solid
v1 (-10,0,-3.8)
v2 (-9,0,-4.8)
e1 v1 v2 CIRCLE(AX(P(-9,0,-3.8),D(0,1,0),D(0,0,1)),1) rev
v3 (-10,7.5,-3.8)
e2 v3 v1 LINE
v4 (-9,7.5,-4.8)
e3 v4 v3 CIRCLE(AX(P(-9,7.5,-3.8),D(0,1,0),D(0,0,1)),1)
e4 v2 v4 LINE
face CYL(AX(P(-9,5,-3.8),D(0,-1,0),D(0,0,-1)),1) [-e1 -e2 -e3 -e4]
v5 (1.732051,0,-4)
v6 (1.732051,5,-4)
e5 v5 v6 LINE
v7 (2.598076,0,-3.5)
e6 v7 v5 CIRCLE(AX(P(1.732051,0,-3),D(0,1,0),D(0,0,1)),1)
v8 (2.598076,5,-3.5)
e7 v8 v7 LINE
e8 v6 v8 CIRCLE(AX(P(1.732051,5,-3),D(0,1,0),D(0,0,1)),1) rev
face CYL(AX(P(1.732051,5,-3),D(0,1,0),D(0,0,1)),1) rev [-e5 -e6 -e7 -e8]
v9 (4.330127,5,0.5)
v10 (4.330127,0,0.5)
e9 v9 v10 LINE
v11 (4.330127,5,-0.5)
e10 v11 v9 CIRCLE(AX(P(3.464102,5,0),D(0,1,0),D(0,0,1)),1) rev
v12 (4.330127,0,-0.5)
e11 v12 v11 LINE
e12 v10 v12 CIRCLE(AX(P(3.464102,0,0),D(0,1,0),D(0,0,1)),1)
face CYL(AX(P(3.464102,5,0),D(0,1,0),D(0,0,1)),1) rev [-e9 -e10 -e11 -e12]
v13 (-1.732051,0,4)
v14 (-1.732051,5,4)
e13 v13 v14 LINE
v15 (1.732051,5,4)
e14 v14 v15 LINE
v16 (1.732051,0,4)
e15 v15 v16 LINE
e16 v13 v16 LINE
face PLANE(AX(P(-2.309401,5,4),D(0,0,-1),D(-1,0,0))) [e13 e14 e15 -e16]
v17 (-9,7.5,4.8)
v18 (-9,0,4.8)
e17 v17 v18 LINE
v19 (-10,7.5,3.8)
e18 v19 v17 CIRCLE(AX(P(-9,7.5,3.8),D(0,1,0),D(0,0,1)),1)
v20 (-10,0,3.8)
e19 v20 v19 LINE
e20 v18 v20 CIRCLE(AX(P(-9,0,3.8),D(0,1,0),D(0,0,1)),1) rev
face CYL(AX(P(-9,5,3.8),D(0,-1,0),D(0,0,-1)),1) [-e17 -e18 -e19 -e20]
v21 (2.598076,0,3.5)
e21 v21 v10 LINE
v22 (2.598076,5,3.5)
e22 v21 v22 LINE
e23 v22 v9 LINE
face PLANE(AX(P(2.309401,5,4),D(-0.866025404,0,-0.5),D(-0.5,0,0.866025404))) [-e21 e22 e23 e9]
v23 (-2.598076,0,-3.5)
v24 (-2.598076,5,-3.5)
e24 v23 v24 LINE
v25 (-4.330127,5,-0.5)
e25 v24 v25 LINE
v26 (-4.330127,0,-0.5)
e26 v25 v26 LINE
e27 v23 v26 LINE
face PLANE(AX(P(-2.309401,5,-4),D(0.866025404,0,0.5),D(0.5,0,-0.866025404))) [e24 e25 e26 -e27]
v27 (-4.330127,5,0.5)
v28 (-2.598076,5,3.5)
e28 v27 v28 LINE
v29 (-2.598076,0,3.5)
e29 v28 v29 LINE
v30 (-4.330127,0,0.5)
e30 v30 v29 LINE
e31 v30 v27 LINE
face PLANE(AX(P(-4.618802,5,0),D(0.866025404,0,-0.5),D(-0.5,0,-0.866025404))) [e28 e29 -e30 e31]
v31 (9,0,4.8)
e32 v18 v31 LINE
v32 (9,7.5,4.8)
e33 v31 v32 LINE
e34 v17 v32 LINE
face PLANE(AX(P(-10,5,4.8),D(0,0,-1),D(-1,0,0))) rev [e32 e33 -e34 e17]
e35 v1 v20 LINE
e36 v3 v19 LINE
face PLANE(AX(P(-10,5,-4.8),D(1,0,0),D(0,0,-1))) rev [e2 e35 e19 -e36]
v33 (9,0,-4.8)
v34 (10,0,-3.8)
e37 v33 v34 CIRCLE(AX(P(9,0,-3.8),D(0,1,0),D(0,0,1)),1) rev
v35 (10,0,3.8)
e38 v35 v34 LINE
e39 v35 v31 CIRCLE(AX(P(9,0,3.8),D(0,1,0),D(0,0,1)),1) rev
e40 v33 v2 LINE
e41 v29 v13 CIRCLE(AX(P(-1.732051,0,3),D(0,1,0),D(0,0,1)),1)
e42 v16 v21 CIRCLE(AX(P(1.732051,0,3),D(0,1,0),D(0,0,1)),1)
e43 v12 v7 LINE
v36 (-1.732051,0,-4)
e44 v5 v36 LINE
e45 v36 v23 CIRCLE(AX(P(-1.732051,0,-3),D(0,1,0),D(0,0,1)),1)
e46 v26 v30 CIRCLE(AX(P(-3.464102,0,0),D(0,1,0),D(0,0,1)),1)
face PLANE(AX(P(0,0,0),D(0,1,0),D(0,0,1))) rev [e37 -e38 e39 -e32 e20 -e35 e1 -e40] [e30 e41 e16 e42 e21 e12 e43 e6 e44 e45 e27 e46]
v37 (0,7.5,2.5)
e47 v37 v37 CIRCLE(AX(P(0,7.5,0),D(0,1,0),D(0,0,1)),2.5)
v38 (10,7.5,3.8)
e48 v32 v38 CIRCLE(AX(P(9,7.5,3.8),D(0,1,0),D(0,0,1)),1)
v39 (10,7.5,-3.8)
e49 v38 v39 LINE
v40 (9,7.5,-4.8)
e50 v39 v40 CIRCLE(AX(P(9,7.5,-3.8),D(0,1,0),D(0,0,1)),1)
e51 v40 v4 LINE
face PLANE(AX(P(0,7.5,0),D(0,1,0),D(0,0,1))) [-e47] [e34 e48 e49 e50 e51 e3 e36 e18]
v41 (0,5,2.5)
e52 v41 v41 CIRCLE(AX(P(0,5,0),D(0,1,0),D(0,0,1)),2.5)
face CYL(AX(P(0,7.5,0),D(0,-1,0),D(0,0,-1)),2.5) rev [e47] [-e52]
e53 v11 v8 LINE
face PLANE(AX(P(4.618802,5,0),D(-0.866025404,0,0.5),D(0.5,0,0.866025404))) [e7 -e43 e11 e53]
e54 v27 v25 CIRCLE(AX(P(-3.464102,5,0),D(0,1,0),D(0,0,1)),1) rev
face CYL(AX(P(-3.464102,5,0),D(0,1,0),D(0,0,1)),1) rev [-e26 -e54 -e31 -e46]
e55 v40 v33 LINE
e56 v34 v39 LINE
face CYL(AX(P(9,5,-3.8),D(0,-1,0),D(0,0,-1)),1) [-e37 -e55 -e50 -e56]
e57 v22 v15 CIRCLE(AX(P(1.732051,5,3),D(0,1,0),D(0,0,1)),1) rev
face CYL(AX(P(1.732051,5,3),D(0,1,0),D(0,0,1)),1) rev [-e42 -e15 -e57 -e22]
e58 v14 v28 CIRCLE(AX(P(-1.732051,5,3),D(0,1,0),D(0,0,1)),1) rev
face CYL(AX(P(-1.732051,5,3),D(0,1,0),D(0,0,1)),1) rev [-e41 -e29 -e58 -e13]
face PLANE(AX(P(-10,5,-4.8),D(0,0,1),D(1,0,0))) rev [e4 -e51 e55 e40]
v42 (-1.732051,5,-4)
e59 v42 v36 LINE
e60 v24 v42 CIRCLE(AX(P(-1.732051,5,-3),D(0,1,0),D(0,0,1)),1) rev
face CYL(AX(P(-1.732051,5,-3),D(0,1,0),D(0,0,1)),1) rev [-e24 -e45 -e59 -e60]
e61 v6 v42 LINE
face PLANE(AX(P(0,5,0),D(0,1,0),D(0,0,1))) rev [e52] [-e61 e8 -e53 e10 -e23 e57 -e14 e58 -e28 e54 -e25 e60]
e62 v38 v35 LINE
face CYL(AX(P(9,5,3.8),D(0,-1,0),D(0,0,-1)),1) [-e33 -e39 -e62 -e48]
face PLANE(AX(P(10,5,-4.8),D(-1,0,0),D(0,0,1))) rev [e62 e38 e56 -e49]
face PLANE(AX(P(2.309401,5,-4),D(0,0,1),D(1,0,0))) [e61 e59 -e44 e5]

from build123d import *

# Parameters (mm, degrees)
SKETCH1_W           = 20
SKETCH1_H           = 9.6
BOSS_EXTRUDE1_DEPTH = 5
SKETCH2_W           = 20
SKETCH2_H           = 9.6
SKETCH2_R           = 2.5
BOSS_EXTRUDE2_DEPTH = 2.5
FILLET1_R           = 1


with BuildPart() as part:
    # Sketch1 → Boss-Extrude1 (new body)
    with BuildSketch(Plane(origin=(0, 0, 0), x_dir=(1, 0, 0), z_dir=(0, 1, 0))):
        Rectangle(SKETCH1_W, SKETCH1_H)
        Polygon((4.618802154, 0), (2.309401077, 4), (-2.309401077, 4), (-4.618802154, 0), (-2.309401077, -4), (2.309401077, -4), align=None, mode=Mode.SUBTRACT)
    extrude(amount=BOSS_EXTRUDE1_DEPTH)

    # Sketch2 → Boss-Extrude2 (add)
    with BuildSketch(Plane(origin=(0, 5, 0), x_dir=(1, 0, 0), z_dir=(0, 1, 0))):
        Rectangle(SKETCH2_W, SKETCH2_H)
        with Locations(Location((0, 0, 0), (0, 0, 270))):
            Circle(SKETCH2_R, mode=Mode.SUBTRACT)
    extrude(amount=BOSS_EXTRUDE2_DEPTH)

    # Fillet1
    fillet1_edges = [part.edges().sort_by_distance(p)[0] for p in [
        (2.309401077, 2.5, 4),
        (4.618802154, 2.5, 0),
        (2.309401077, 2.5, -4),
        (-2.309401077, 2.5, -4),
        (-4.618802154, 2.5, 0),
        (-2.309401077, 2.5, 4),
        (10, 3.75, 4.8),
        (-10, 3.75, 4.8),
        (-10, 3.75, -4.8),
        (10, 3.75, -4.8),
    ]]
    fillet(fillet1_edges, radius=FILLET1_R)


solid = part.part
